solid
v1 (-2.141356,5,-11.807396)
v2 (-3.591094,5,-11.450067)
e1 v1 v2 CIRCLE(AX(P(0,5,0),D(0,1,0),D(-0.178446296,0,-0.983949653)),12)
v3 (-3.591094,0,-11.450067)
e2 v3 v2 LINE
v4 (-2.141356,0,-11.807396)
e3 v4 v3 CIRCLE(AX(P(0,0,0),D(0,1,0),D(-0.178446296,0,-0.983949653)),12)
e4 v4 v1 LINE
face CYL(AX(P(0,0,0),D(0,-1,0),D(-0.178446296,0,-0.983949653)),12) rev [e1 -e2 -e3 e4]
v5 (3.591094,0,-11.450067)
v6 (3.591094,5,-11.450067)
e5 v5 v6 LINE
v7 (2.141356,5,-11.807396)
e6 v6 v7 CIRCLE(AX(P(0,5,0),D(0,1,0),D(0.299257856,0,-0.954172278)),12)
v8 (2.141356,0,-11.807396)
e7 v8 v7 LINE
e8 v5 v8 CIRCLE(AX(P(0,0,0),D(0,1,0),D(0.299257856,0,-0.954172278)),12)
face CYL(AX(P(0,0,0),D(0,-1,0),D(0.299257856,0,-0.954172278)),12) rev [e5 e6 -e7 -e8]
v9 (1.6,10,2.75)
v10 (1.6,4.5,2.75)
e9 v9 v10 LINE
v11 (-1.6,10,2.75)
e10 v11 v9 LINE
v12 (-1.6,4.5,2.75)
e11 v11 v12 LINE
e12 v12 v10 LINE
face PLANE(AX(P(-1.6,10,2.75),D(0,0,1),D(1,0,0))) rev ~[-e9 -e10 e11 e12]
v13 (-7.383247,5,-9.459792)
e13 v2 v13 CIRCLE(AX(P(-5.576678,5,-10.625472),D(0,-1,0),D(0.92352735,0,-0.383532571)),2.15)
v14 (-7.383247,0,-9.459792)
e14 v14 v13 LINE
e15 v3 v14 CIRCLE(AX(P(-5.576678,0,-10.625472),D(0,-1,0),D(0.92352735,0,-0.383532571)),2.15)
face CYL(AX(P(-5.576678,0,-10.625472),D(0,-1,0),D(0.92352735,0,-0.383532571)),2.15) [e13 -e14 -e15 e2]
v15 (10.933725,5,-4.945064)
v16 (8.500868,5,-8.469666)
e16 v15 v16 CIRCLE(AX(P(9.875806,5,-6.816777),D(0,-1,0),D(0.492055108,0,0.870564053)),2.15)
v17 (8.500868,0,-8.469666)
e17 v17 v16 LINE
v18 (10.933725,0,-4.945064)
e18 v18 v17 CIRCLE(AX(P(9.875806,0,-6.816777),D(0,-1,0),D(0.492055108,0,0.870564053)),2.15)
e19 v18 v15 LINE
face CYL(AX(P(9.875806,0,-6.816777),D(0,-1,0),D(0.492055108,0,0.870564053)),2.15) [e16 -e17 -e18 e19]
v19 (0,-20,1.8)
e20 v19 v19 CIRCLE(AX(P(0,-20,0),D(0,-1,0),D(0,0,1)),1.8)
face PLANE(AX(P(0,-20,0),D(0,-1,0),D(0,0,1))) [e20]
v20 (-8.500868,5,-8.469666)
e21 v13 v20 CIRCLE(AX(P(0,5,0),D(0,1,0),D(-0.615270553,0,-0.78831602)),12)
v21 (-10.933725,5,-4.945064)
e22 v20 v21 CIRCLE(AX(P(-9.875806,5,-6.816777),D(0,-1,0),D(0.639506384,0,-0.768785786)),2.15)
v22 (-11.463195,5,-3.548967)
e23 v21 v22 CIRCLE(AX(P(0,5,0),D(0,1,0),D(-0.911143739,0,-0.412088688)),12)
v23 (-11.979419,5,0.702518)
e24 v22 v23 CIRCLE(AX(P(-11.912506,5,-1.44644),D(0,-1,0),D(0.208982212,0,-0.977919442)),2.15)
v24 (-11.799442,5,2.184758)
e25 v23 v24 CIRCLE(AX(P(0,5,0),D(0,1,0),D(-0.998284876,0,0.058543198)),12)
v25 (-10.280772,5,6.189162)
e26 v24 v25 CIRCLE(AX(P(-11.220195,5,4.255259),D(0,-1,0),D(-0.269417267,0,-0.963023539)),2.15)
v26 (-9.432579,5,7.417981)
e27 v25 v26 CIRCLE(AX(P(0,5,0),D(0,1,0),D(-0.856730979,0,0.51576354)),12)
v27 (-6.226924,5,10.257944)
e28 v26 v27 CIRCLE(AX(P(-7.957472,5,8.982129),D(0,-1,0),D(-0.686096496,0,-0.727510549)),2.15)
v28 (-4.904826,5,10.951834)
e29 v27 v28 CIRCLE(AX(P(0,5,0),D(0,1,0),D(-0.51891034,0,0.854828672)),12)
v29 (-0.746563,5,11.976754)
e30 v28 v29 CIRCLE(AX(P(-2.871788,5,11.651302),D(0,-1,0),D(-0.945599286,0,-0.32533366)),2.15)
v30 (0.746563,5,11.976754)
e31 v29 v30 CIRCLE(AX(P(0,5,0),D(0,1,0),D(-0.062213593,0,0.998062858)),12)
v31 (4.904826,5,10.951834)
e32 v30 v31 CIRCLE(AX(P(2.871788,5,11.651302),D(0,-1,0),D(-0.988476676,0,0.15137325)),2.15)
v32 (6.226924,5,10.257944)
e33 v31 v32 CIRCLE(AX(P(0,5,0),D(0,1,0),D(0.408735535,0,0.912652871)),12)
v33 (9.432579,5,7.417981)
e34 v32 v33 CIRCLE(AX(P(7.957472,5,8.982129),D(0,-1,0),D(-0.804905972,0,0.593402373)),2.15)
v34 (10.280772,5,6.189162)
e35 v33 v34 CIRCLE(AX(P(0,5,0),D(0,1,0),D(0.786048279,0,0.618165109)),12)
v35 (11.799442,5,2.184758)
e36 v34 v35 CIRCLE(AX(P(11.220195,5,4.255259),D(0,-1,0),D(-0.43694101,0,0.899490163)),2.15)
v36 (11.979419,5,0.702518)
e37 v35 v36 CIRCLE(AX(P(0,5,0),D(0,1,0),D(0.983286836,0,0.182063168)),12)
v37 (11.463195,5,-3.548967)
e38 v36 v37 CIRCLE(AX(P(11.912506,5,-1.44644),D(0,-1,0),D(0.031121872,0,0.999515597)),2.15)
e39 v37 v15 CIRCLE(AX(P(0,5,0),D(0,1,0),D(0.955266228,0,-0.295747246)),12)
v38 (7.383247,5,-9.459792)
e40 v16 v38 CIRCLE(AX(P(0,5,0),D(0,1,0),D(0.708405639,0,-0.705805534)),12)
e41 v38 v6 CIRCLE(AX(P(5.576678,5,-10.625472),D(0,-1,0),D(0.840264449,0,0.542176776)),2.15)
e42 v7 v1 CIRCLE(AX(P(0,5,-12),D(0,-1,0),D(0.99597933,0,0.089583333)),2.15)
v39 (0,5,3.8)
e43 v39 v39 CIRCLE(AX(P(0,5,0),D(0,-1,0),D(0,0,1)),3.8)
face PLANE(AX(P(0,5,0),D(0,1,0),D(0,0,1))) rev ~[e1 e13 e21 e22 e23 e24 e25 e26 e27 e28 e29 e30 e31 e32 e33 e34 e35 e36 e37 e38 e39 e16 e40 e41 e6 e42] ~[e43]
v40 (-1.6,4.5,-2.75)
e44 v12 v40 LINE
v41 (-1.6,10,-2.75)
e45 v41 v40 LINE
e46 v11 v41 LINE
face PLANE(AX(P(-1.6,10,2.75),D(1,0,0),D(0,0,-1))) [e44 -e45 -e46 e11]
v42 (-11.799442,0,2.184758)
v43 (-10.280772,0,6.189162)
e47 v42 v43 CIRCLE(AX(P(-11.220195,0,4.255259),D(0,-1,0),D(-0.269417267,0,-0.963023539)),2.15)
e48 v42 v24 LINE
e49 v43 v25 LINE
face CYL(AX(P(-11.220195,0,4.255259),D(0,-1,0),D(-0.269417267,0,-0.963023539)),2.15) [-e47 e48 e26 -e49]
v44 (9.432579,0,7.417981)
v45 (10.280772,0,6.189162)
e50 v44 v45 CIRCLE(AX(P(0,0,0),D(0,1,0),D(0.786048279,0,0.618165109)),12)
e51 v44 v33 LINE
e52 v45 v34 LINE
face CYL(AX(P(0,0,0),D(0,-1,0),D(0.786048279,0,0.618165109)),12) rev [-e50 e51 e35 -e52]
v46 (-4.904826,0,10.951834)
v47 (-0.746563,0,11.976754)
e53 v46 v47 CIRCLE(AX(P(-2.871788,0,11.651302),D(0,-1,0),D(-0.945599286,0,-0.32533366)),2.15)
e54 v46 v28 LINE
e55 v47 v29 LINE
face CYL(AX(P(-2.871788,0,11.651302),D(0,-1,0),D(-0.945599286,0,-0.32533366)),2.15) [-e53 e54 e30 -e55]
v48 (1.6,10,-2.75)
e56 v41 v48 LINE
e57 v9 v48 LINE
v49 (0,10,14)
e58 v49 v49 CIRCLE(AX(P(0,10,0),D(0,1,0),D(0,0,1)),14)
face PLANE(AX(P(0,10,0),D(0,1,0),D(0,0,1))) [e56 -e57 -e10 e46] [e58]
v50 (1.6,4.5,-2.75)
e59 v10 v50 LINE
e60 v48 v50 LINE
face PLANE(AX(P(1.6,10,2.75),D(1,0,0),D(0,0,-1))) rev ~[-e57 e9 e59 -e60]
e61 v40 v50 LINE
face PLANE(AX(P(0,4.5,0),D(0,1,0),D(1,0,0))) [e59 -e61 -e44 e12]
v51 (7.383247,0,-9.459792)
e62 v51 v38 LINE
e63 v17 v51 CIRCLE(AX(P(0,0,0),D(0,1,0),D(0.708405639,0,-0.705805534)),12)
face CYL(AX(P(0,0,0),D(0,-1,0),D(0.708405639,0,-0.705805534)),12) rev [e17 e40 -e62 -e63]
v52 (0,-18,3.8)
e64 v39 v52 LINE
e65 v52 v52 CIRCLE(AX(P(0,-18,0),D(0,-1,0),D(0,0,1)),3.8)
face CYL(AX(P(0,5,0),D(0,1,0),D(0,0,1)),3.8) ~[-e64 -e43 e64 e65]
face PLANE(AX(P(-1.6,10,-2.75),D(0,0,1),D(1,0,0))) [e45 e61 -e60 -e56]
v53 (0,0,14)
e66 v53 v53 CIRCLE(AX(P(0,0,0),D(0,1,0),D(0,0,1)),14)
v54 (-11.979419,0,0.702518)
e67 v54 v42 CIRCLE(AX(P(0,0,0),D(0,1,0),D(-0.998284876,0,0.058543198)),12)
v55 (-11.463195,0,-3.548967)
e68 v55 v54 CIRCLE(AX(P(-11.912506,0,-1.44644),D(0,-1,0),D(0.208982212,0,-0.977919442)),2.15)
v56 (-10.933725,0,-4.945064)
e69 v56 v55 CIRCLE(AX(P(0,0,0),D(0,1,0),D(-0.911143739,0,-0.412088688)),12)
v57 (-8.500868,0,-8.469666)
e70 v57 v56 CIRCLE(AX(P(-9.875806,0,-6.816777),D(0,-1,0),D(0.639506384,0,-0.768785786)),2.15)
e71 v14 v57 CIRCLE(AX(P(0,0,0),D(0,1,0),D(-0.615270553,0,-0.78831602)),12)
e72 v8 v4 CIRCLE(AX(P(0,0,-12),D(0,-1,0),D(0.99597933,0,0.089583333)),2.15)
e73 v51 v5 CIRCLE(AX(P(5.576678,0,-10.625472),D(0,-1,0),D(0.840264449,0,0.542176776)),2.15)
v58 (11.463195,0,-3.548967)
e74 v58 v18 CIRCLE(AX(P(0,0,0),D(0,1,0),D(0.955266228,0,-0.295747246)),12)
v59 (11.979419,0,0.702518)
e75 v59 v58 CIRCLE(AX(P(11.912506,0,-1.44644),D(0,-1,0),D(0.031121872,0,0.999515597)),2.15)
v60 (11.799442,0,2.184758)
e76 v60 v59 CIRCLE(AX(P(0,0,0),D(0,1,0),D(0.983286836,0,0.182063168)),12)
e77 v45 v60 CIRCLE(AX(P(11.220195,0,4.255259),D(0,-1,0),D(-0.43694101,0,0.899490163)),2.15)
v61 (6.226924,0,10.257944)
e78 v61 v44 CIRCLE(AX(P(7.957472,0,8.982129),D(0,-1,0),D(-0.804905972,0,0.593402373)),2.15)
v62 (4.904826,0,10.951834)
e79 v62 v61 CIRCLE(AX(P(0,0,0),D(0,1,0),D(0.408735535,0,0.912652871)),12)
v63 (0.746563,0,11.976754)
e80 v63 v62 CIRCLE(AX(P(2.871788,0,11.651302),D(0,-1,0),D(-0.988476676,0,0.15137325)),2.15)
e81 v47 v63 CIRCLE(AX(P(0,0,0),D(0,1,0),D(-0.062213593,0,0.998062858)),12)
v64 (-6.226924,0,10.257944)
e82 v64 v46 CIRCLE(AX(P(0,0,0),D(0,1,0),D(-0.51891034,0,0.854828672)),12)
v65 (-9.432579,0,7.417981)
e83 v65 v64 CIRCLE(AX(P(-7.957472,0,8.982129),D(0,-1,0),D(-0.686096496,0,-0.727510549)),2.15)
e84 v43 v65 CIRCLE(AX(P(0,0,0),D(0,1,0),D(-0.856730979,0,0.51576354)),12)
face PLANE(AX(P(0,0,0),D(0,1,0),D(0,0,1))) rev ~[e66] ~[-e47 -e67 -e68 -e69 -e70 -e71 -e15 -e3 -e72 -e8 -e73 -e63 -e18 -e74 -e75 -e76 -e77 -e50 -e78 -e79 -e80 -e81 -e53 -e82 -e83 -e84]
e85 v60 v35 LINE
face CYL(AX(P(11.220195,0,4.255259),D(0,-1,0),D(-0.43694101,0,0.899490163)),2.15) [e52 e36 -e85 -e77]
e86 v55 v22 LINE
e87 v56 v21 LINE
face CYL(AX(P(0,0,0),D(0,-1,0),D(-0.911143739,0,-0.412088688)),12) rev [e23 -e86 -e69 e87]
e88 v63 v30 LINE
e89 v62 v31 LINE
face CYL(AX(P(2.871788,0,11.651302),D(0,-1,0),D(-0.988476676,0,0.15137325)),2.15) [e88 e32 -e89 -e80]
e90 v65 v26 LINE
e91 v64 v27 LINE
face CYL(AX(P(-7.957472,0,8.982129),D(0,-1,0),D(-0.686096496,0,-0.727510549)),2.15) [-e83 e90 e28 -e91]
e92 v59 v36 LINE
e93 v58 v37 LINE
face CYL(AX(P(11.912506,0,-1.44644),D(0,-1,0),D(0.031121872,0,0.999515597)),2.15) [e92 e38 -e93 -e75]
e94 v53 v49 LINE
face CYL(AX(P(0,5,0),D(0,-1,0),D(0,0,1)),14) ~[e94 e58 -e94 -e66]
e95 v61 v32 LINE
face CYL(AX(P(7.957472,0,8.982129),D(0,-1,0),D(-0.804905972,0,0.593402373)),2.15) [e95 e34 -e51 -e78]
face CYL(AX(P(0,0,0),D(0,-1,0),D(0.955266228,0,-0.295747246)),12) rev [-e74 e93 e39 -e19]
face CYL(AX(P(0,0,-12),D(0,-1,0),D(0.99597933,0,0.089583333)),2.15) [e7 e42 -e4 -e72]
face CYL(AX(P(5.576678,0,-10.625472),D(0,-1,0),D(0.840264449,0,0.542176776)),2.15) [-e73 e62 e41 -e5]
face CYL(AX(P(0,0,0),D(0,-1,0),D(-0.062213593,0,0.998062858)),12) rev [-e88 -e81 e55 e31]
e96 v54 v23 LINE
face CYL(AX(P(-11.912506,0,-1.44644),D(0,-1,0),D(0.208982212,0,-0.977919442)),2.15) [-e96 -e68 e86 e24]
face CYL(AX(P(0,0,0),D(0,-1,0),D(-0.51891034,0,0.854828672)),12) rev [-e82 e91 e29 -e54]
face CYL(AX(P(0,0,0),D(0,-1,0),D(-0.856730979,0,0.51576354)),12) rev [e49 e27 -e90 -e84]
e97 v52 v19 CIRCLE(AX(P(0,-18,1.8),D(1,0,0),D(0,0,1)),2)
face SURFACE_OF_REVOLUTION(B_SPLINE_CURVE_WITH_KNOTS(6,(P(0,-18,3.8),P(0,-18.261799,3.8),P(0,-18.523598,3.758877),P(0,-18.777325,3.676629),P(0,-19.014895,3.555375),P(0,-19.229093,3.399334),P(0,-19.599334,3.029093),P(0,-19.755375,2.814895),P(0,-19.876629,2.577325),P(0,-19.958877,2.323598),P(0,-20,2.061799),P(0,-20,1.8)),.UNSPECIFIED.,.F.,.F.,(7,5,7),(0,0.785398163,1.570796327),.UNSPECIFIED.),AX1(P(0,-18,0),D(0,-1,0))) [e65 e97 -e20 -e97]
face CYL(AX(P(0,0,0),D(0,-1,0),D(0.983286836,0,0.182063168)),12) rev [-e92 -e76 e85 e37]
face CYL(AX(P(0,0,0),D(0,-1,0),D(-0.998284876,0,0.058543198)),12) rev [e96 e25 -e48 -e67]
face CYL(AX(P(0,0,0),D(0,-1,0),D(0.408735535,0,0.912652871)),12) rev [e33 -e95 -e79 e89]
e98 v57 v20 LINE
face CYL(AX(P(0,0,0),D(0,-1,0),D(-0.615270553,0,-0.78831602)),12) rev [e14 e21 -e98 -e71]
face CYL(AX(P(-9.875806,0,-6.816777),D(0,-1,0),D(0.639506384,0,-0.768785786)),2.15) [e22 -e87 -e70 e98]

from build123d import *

# Parameters (mm, degrees)
SKETCH_1_R          = 14
EXTRUDE_1_DEPTH     = 5
SKETCH_2_R          = 14
EXTRUDE_2_DEPTH     = 5
SKETCH_4_R          = 3.8
EXTRUDE_3_DEPTH     = 25
FILLET_1_R          = 2
SKETCH_3_W          = 3.2
SKETCH_3_H          = 5.5
CUT_EXTRUDE_1_DEPTH = 5.5


with BuildPart() as part:
    # Эскиз1 → Бобышка-Вытянуть1 (new body)
    with BuildSketch(Plane(origin=(0, 0, 0), x_dir=(1, 0, 0), z_dir=(0, 1, 0))):
        with Locations(Location((0, 0, 0), (0, 0, 270))):
            Circle(SKETCH_1_R)
        with BuildLine():
            ThreePointArc((-7.383246629, 9.45979224), (-7.957471899, 8.982128978), (-8.500867665, 8.469666401))
            ThreePointArc((-8.500867665, 8.469666401), (-8.106391079, 5.595437755), (-10.933724873, 4.945064246))
            ThreePointArc((-10.933724873, 4.945064246), (-11.220194912, 4.255258645), (-11.463194733, 3.548966963))
            ThreePointArc((-11.463194733, 3.548966963), (-9.77818241, 1.187286301), (-11.979418514, -0.702518371))
            ThreePointArc((-11.979418514, -0.702518371), (-11.912506489, -1.446440163), (-11.799442035, -2.184758036))
            ThreePointArc((-11.799442035, -2.184758036), (-9.20990999, -3.492858137), (-10.280771741, -6.189162496))
            ThreePointArc((-10.280771741, -6.189162496), (-9.875806391, -6.816776961), (-9.432579364, -7.417981298))
            ThreePointArc((-9.432579364, -7.417981298), (-6.531758184, -7.372830869), (-6.226924059, -10.25794408))
            ThreePointArc((-6.226924059, -10.25794408), (-5.576678065, -10.625472308), (-4.904826437, -10.951834441))
            ThreePointArc((-4.904826437, -10.951834441), (-2.357259293, -9.563776902), (-0.746563118, -11.976754298))
            ThreePointArc((-0.746563118, -11.976754298), (0, -12), (0.746563118, -11.976754298))
            ThreePointArc((0.746563118, -11.976754298), (2.357259293, -9.563776902), (4.904826437, -10.951834441))
            ThreePointArc((4.904826437, -10.951834441), (5.576678065, -10.625472308), (6.226924059, -10.25794408))
            ThreePointArc((6.226924059, -10.25794408), (6.531758184, -7.372830869), (9.432579364, -7.417981298))
            ThreePointArc((9.432579364, -7.417981298), (9.875806391, -6.816776961), (10.280771741, -6.189162496))
            ThreePointArc((10.280771741, -6.189162496), (9.20990999, -3.492858137), (11.799442035, -2.184758036))
            ThreePointArc((11.799442035, -2.184758036), (11.912506489, -1.446440163), (11.979418514, -0.702518371))
            ThreePointArc((11.979418514, -0.702518371), (9.77818241, 1.187286301), (11.463194733, 3.548966963))
            ThreePointArc((11.463194733, 3.548966963), (11.220194912, 4.255258645), (10.933724873, 4.945064246))
            ThreePointArc((10.933724873, 4.945064246), (8.106391079, 5.595437755), (8.500867665, 8.469666401))
            ThreePointArc((8.500867665, 8.469666401), (7.957471899, 8.982128978), (7.383246629, 9.45979224))
            ThreePointArc((7.383246629, 9.45979224), (4.577523245, 8.721741853), (3.591094261, 11.450067336))
            ThreePointArc((3.591094261, 11.450067336), (2.871787971, 11.651301809), (2.14135556, 11.807395833))
            ThreePointArc((2.14135556, 11.807395833), (0, 9.85), (-2.14135556, 11.807395833))
            ThreePointArc((-2.14135556, 11.807395833), (-2.871787971, 11.651301809), (-3.591094261, 11.450067336))
            ThreePointArc((-3.591094261, 11.450067336), (-4.577523245, 8.721741853), (-7.383246629, 9.45979224))
        make_face(mode=Mode.SUBTRACT)
    extrude(amount=EXTRUDE_1_DEPTH)

    # Эскиз2 → Бобышка-Вытянуть2 (add)
    with BuildSketch(Plane(origin=(0, 5, 0), x_dir=(1, 0, 0), z_dir=(0, 1, 0))):
        with Locations(Location((0, 0, 0), (0, 0, 270))):
            Circle(SKETCH_2_R)
    extrude(amount=EXTRUDE_2_DEPTH)

    # Эскиз4 → Бобышка-Вытянуть3 (add)
    with BuildSketch(Plane.XZ.offset(-5)):
        with Locations(Location((0, 0, 0), (0, 0, 90))):
            Circle(SKETCH_4_R)
    extrude(amount=EXTRUDE_3_DEPTH)

    # Скругление1
    fillet_1_edges = [part.edges().sort_by_distance(p)[0] for p in [
        (0, -20, -3.8),
    ]]
    fillet(fillet_1_edges, radius=FILLET_1_R)

    # Эскиз3 → Вырез-Вытянуть1 (cut)
    with BuildSketch(Plane(origin=(0, 10, 0), x_dir=(1, 0, 0), z_dir=(0, 1, 0))):
        Rectangle(SKETCH_3_W, SKETCH_3_H)
    extrude(amount=-CUT_EXTRUDE_1_DEPTH, mode=Mode.SUBTRACT)


solid = part.part
